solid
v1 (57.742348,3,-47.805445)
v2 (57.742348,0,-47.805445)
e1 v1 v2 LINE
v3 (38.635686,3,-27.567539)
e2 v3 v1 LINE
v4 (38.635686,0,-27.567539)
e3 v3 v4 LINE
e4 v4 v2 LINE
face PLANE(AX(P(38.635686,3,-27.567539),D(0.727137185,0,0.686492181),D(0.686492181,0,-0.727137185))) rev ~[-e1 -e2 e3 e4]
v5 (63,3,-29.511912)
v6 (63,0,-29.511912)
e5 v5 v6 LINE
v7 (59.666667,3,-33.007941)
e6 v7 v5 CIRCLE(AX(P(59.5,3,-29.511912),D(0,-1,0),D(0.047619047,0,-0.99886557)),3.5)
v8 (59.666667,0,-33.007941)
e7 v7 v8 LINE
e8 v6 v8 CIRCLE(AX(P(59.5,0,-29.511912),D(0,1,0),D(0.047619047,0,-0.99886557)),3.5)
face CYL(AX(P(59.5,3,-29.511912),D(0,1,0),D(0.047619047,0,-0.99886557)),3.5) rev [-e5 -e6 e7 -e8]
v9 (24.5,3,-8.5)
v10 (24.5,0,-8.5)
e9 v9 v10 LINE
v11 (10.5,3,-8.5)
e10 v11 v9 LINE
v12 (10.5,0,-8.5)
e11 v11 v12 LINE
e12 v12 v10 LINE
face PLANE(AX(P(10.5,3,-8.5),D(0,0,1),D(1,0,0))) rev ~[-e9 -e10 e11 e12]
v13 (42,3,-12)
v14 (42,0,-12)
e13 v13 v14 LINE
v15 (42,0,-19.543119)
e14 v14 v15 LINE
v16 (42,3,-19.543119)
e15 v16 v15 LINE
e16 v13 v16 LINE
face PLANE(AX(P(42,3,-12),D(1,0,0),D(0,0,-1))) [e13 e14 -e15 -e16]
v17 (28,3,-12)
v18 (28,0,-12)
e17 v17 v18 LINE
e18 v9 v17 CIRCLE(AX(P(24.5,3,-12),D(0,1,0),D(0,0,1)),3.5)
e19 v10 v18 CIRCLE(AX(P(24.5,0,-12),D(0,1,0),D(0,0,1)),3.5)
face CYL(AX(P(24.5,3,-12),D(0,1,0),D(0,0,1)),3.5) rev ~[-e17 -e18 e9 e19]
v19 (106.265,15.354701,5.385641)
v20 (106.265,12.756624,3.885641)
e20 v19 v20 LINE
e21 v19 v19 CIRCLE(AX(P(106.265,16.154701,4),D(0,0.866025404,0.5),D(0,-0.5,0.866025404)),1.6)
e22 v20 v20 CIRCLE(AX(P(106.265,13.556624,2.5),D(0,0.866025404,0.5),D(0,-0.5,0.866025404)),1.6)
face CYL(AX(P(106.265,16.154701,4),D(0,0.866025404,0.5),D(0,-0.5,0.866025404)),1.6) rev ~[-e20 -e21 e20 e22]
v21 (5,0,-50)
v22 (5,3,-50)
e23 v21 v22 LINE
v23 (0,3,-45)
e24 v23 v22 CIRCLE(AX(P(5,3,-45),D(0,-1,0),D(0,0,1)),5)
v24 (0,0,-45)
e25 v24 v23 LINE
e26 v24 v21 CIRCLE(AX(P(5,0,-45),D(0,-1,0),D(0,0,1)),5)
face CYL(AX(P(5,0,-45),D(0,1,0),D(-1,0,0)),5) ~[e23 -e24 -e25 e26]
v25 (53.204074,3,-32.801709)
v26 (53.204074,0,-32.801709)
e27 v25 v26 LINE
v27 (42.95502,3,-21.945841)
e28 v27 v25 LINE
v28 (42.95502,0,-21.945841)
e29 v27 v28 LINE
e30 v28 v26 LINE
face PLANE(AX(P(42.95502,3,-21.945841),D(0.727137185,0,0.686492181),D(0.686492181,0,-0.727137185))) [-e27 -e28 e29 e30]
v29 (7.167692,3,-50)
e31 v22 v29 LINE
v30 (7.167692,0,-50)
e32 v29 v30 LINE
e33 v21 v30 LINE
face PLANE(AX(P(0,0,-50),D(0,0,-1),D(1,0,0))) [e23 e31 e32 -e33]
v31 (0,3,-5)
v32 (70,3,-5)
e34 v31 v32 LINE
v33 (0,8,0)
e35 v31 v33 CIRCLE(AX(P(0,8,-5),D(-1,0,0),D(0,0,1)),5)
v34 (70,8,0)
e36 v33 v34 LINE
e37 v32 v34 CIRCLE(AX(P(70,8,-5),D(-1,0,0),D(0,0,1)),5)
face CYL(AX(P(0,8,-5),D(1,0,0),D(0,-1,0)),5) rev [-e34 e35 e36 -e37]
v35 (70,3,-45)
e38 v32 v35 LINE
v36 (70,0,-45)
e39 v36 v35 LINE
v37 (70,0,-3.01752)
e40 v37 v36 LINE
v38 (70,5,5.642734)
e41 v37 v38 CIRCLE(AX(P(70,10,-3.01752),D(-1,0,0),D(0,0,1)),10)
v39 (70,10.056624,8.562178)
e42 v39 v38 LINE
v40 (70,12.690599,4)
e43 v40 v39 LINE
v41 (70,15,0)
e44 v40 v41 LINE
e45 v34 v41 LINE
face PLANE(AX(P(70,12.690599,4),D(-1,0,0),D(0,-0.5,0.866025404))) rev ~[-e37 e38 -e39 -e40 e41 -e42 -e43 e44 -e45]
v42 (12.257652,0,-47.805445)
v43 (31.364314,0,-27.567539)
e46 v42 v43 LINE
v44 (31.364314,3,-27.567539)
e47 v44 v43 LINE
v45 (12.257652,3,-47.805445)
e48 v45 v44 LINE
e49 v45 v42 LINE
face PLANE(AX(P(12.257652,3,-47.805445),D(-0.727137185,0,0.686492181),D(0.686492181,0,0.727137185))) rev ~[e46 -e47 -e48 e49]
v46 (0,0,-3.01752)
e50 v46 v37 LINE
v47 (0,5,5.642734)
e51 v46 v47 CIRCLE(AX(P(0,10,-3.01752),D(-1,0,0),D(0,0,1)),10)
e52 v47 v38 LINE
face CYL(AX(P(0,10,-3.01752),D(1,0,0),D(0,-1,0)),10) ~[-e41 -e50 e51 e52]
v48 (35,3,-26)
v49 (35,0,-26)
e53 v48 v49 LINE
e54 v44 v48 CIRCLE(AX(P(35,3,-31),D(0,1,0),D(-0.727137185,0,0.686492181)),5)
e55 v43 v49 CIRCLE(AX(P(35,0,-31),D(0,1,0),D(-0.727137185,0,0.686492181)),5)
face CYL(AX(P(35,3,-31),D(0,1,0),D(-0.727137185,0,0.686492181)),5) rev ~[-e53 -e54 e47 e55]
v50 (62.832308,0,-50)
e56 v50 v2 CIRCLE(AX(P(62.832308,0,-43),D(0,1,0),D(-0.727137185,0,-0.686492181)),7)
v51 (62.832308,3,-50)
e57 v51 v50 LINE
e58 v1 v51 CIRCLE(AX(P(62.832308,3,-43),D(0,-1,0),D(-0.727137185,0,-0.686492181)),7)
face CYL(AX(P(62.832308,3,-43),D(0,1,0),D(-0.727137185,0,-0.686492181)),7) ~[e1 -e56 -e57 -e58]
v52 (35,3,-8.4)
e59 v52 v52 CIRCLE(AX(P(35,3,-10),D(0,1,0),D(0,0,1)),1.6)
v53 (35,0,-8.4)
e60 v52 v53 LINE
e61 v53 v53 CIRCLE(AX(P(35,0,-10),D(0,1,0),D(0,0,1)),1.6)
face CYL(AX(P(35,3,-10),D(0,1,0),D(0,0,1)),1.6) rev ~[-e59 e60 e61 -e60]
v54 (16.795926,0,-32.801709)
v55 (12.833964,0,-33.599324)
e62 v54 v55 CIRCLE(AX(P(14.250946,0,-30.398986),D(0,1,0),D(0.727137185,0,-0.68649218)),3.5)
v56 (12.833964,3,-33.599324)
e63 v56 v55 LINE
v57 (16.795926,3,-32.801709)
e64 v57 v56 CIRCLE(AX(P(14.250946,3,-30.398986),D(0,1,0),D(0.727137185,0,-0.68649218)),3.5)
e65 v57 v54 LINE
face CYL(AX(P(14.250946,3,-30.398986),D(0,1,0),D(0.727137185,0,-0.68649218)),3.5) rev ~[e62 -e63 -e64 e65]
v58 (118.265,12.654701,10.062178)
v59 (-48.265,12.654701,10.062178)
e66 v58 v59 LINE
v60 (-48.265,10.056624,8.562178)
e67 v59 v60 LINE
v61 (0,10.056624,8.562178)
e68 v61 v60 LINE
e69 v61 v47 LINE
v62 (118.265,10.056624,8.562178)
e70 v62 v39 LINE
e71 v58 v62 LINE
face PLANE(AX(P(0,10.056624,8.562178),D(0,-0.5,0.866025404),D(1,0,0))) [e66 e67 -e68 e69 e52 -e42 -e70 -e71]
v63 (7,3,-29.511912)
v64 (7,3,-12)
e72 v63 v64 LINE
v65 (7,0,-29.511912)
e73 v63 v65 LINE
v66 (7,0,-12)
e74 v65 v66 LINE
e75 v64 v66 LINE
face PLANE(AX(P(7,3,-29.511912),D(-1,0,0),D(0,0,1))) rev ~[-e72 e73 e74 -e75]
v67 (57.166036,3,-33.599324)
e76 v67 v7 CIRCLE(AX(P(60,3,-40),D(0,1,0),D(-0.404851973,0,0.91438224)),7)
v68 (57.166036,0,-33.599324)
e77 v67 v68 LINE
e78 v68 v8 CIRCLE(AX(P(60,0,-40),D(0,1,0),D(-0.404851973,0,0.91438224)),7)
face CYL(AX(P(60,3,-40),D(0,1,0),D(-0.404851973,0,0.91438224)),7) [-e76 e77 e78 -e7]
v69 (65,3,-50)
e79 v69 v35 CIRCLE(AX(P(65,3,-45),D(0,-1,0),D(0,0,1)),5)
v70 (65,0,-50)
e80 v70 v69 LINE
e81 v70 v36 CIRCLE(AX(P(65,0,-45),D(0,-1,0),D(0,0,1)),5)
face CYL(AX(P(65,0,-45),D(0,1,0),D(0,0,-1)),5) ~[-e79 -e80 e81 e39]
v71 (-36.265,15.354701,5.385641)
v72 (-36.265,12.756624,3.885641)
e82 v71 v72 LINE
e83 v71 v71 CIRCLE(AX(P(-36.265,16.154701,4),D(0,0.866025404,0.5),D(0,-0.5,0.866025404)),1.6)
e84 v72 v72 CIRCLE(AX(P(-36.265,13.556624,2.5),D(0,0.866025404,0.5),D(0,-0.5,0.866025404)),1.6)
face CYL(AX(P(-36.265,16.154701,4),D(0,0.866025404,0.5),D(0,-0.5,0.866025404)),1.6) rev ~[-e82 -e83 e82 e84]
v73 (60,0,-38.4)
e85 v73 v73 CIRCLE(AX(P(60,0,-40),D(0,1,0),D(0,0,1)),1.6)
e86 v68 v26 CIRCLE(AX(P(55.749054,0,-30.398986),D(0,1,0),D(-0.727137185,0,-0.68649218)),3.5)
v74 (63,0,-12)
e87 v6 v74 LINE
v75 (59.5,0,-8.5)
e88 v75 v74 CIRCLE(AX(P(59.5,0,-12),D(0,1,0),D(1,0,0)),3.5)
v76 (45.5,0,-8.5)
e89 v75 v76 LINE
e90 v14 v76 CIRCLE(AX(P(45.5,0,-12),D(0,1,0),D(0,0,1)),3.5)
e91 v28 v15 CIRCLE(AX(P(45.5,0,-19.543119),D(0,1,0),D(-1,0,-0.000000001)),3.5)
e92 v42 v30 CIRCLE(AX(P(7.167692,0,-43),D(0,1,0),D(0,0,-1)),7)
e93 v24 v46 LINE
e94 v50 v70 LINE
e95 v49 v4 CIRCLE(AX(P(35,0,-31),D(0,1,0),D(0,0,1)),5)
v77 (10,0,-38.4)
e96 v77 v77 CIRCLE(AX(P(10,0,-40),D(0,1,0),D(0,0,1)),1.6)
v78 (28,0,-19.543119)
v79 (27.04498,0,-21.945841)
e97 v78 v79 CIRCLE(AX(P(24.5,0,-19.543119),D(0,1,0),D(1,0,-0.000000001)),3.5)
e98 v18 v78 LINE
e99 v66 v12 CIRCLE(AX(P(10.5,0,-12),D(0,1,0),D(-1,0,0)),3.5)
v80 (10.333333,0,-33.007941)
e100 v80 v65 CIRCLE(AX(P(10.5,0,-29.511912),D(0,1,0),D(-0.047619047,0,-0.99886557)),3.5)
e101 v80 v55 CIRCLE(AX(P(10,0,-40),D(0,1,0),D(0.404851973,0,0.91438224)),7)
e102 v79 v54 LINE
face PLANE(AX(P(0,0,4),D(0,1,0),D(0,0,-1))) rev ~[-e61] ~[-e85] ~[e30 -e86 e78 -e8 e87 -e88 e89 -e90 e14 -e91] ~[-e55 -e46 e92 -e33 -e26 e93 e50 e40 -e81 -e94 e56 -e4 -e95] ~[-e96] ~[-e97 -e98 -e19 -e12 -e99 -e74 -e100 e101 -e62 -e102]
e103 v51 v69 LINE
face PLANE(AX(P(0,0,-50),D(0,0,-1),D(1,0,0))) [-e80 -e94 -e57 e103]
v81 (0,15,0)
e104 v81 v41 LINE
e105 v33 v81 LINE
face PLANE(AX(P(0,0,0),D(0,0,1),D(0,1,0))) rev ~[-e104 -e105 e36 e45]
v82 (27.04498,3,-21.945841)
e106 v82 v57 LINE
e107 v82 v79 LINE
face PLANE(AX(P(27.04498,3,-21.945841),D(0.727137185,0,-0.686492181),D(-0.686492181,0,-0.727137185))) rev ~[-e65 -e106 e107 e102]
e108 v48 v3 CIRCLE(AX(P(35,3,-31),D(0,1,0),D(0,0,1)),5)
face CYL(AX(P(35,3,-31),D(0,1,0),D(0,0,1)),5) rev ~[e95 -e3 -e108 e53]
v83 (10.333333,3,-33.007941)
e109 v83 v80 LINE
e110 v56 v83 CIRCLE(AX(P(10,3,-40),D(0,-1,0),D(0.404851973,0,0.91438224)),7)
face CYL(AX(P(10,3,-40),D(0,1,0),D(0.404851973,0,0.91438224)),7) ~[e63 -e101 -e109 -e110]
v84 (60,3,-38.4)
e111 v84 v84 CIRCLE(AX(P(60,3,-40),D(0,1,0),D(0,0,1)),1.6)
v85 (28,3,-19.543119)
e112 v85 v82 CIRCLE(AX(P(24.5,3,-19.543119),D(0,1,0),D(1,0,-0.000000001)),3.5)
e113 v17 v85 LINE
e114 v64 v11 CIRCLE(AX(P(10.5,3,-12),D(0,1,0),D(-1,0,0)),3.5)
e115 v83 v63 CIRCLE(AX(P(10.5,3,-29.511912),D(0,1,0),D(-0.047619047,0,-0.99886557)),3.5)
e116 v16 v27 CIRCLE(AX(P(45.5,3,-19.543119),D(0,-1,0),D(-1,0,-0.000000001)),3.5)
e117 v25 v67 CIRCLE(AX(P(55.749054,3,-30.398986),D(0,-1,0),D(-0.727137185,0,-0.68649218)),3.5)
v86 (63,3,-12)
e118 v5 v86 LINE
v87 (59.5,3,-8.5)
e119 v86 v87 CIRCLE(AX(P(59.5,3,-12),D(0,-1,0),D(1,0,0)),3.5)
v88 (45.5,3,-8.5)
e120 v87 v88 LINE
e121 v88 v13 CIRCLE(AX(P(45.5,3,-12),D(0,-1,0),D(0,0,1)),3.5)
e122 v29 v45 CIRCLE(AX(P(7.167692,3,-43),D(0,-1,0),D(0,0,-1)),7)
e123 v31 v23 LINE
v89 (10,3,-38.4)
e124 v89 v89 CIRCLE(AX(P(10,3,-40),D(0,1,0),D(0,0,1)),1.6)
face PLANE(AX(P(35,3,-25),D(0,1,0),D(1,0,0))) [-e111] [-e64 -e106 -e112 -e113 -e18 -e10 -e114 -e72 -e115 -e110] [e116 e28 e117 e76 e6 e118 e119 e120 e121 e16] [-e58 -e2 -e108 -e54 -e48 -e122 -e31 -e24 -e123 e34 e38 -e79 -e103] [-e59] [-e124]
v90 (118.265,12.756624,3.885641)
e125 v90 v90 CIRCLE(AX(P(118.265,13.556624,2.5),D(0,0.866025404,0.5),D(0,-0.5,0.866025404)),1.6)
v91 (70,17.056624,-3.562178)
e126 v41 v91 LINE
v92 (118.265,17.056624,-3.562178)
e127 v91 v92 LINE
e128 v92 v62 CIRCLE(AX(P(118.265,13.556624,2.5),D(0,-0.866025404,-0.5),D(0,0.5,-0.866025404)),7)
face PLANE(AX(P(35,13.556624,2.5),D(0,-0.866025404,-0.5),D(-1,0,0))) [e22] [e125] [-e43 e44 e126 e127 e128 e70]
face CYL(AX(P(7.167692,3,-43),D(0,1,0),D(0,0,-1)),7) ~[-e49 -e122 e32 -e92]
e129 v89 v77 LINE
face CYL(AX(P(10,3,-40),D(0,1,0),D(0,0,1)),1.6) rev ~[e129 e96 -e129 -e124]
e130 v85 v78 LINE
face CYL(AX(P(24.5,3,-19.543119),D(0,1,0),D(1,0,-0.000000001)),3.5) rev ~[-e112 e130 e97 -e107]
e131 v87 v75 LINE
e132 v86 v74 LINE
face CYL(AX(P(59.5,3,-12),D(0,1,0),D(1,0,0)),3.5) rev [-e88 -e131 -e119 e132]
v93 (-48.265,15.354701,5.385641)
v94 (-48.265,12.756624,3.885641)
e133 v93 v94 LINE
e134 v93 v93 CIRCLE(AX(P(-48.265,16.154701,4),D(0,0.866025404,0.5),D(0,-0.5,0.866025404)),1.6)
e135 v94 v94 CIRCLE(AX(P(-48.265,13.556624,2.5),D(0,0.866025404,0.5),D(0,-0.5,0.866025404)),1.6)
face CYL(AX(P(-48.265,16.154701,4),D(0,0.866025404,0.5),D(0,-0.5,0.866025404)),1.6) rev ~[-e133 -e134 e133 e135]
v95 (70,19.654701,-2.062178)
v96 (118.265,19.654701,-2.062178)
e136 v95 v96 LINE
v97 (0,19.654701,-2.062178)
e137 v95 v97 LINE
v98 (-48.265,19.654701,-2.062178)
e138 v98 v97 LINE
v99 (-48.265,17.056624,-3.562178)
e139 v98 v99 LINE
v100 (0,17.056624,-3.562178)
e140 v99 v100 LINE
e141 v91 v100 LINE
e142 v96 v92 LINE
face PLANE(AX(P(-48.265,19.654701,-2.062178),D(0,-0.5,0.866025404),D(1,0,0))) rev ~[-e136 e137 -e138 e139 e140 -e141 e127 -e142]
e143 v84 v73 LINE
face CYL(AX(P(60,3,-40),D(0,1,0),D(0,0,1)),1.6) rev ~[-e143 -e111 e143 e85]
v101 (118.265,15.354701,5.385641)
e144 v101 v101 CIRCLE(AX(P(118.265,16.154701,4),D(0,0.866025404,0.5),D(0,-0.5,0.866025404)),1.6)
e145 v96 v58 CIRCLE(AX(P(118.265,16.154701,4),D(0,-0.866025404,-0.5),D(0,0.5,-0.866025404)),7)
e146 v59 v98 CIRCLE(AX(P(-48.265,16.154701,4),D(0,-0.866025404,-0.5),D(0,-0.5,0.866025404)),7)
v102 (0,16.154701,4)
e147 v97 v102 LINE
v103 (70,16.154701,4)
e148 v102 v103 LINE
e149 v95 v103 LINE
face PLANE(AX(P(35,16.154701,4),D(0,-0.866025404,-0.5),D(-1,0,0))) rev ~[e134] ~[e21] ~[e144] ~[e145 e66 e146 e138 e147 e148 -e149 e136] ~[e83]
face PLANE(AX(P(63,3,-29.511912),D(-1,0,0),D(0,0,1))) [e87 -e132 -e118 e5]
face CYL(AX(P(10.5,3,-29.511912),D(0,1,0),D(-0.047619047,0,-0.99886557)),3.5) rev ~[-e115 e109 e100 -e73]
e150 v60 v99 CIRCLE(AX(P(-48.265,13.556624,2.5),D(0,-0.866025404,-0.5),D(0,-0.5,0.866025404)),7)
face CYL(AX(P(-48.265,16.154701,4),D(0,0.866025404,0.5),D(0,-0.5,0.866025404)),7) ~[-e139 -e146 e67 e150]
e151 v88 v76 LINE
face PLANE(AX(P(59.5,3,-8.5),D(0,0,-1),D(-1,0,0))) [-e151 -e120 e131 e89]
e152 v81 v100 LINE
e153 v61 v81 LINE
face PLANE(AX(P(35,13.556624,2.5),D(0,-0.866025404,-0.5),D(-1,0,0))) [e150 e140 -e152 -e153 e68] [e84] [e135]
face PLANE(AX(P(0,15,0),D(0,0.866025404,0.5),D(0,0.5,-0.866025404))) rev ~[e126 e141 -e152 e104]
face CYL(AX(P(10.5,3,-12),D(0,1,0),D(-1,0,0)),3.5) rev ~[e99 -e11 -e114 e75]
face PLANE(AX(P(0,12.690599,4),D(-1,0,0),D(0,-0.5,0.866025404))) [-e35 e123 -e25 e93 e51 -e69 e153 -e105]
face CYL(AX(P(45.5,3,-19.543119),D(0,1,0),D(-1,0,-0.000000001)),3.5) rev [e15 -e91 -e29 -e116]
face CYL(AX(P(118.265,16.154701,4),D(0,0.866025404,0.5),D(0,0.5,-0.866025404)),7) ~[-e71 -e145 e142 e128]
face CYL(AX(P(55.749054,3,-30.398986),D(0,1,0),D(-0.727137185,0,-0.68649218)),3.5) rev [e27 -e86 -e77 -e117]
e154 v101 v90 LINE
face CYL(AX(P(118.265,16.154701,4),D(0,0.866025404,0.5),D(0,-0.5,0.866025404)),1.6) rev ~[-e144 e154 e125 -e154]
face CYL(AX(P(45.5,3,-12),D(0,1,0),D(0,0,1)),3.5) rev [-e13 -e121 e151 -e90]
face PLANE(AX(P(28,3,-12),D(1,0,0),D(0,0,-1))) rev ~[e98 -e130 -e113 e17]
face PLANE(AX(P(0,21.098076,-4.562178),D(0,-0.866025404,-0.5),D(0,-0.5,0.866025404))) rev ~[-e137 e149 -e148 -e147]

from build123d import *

# Parameters (mm, degrees)
SKETCH_1_W          = 70
SKETCH_1_H          = 50
EXTRUDE_1_DEPTH     = 3
EXTRUDE_2_DEPTH     = 70
SKETCH_3_R          = 1.6
EXTRUDE_3_DEPTH     = 3
EXTRUDE_4_REACH     = 139.875
SKETCH_4_W          = 70
SKETCH_4_H          = 5.267949192
FILLET_1_R          = 5
SKETCH_5_W          = 70
SKETCH_5_H          = 28.866025404
CUT_EXTRUDE_1_DEPTH = 138.47436204
SKETCH_6_W          = 70
SKETCH_6_H          = 3
CUT_EXTRUDE_2_DEPTH = 133.365261865
FILLET_2_R          = 5
SKETCH_7_R          = 1.6
CUT_EXTRUDE_3_DEPTH = 10
CUT_EXTRUDE_4_DEPTH = 10
CUT_EXTRUDE_5_DEPTH = 136.899592623
FILLET_4_R          = 10


with BuildPart() as part:
    # 草图1 → 凸台-拉伸1 (new body)
    with BuildSketch(Plane(origin=(0, 0, 0), x_dir=(1, 0, 0), z_dir=(0, 1, 0))):
        with Locations((35, 25)):
            Rectangle(SKETCH_1_W, SKETCH_1_H)
    extrude(amount=EXTRUDE_1_DEPTH)

    # 草图2 → 凸台-拉伸2 (add)
    with BuildSketch(Plane.ZY):
        Polygon((0, 15), (-6.062177826, 18.5), (-4.562177826, 21.098076211), (4, 16.154700538), (4, 15), (4, 0), (0, 0), align=None)
    extrude(amount=-EXTRUDE_2_DEPTH)

    # 草图3 → 凸台-拉伸3 (add)
    with BuildSketch(Plane(origin=(0, 13.848076211, 7.995190528), x_dir=(1, 0, 0), z_dir=(0, 0.86602540378444, 0.49999999999999784))):
        with BuildLine():
            Line((-48.265, 11.613248654), (-36.265, 11.613248654))
            Line((-36.265, 11.613248654), (106.265, 11.613248654))
            Line((106.265, 11.613248654), (118.265, 11.613248654))
            ThreePointArc((118.265, 11.613248654), (125.265, 4.613248654), (118.265, -2.386751346))
            Line((118.265, -2.386751346), (106.265, -2.386751346))
            Line((106.265, -2.386751346), (-36.265, -2.386751346))
            Line((-36.265, -2.386751346), (-48.265, -2.386751346))
            ThreePointArc((-48.265, -2.386751346), (-55.265, 4.613248654), (-48.265, 11.613248654))
        make_face()
        with Locations(Location((-36.265, 4.613248654, 0), (0, 0, 270))):
            Circle(SKETCH_3_R, mode=Mode.SUBTRACT)
        with Locations(Location((106.265, 4.613248654, 0), (0, 0, 270))):
            Circle(SKETCH_3_R, mode=Mode.SUBTRACT)
        with Locations(Location((-48.265, 4.613248654, 0), (0, 0, 270))):
            Circle(SKETCH_3_R, mode=Mode.SUBTRACT)
        with Locations(Location((118.265, 4.613248654, 0), (0, 0, 270))):
            Circle(SKETCH_3_R, mode=Mode.SUBTRACT)
    extrude(amount=-EXTRUDE_3_DEPTH)

    # 凸台-拉伸4: up to this face of the body (flat: up to its plane)
    extrude_4_end = Plane(part.part.faces().sort_by_distance((35, 6.345299462, 4))[0])
    # 草图4 → 凸台-拉伸4 (add, up to the picked face)
    with BuildSketch(Plane(origin=(0, 11.25, 6.495190528), x_dir=(1, 0, 0), z_dir=(0, -0.8660254037844396, -0.4999999999999982)), mode=Mode.PRIVATE) as extrude_4_sk1:
        with Locations((35, -0.24722325)):
            Rectangle(SKETCH_4_W, SKETCH_4_H)
    extrude_4_tool1 = split(extrude(extrude_4_sk1.sketch, amount=EXTRUDE_4_REACH, mode=Mode.PRIVATE), bisect_by=extrude_4_end, keep=Keep.BOTH, mode=Mode.PRIVATE)
    add(extrude_4_tool1.solids().sort_by(Axis((35, 11.373612, 6.281089), (0, -0.8660254037844396, -0.4999999999999982)))[0])

    # 圆角1
    fillet_1_edges = [part.edges().sort_by_distance(p)[0] for p in [
        (35, 3, 0),
    ]]
    fillet(fillet_1_edges, radius=FILLET_1_R)

    # 草图5 → 切除-拉伸1 (cut, through all)
    with BuildSketch(Plane(origin=(0, -1.193375673, 2.066987298), x_dir=(1, 0, 0), z_dir=(-1.4881366732147052e-15, -0.49999999999999784, 0.8660254037844398))):
        with Locations((35, -10.566987298)):
            Rectangle(SKETCH_5_W, SKETCH_5_H)
    extrude(amount=CUT_EXTRUDE_1_DEPTH, mode=Mode.SUBTRACT)

    # 草图6 → 切除-拉伸2 (cut, through all)
    with BuildSketch(Plane(origin=(0, 5.806624327, -10.057368355), x_dir=(-1, 0, 0), z_dir=(0, 0.49999999999999784, -0.8660254037844398))):
        with Locations((-35, 14.490381057)):
            Rectangle(SKETCH_6_W, SKETCH_6_H)
    extrude(amount=CUT_EXTRUDE_2_DEPTH, mode=Mode.SUBTRACT)

    # 圆角2
    fillet_2_edges = [part.edges().sort_by_distance(p)[0] for p in [
        (0, 1.5, -50),
        (70, 1.5, -50),
    ]]
    fillet(fillet_2_edges, radius=FILLET_2_R)

    # 草图7 → 切除-拉伸3 (cut)
    with BuildSketch(Plane(origin=(0, 3, 0), x_dir=(1, 0, 0), z_dir=(0, 1, 0))):
        with Locations(Location((10, 40, 0), (0, 0, 270))):
            Circle(SKETCH_7_R)
        with Locations(Location((60, 40, 0), (0, 0, 270))):
            Circle(SKETCH_7_R)
        with Locations(Location((35, 10, 0), (0, 0, 270))):
            Circle(SKETCH_7_R)
    extrude(amount=-CUT_EXTRUDE_3_DEPTH, mode=Mode.SUBTRACT)

    # 草图8 → 切除-拉伸4 (cut)
    with BuildSketch(Plane(origin=(0, 3, 0), x_dir=(1, 0, 0), z_dir=(0, 1, 0))):
        with BuildLine():
            ThreePointArc((31.364314075, 27.567539097), (33.020392023, 26.408578406), (35, 26))
            Line((35, 26), (35, 50))
            Line((35, 50), (7.167691896, 50))
            ThreePointArc((7.167691896, 50), (9.939143063, 49.427990232), (12.257652191, 47.805445265))
            Line((12.257652191, 47.805445265), (31.364314075, 27.567539097))
        make_face()
        with BuildLine():
            Line((35, 50), (35, 26))
            ThreePointArc((35, 26), (36.979607977, 26.408578406), (38.635685925, 27.567539097))
            Line((38.635685925, 27.567539097), (57.742347809, 47.805445265))
            ThreePointArc((57.742347809, 47.805445265), (60.060856937, 49.427990232), (62.832308104, 50))
            Line((62.832308104, 50), (35, 50))
        make_face()
    extrude(amount=-CUT_EXTRUDE_4_DEPTH, mode=Mode.SUBTRACT)

    # 草图9 → 切除-拉伸5 (cut, through all)
    with BuildSketch(Plane(origin=(0, 3, 0), x_dir=(1, 0, 0), z_dir=(0, 1, 0))):
        with BuildLine():
            Line((7, 29.511911518), (7, 12))
            ThreePointArc((7, 12), (8.025126266, 9.525126266), (10.5, 8.5))
            Line((10.5, 8.5), (24.5, 8.5))
            ThreePointArc((24.5, 8.5), (26.974873734, 9.525126266), (28, 12))
            Line((28, 12), (28, 19.543118511))
            ThreePointArc((28, 19.543118511), (27.752493698, 20.835900295), (27.044980148, 21.945841143))
            Line((27.044980148, 21.945841143), (16.795925867, 32.801709118))
            ThreePointArc((16.795925867, 32.801709118), (14.941700749, 33.830146274), (12.833963813, 33.599324324))
            ThreePointArc((12.833963813, 33.599324324), (11.611017181, 33.187906075), (10.333333333, 33.007941012))
            ThreePointArc((10.333333333, 33.007941012), (7.966885974, 31.927140976), (7, 29.511911518))
        make_face()
        with BuildLine():
            Line((42.955019852, 21.945841143), (53.204074133, 32.801709118))
            ThreePointArc((53.204074133, 32.801709118), (55.058299251, 33.830146274), (57.166036187, 33.599324324))
            ThreePointArc((57.166036187, 33.599324324), (58.388982819, 33.187906075), (59.666666667, 33.007941012))
            ThreePointArc((59.666666667, 33.007941012), (62.033114026, 31.927140976), (63, 29.511911518))
            Line((63, 29.511911518), (63, 12))
            ThreePointArc((63, 12), (61.974873734, 9.525126266), (59.5, 8.5))
            Line((59.5, 8.5), (45.5, 8.5))
            ThreePointArc((45.5, 8.5), (43.025126266, 9.525126266), (42, 12))
            Line((42, 12), (42, 19.543118511))
            ThreePointArc((42, 19.543118511), (42.247506302, 20.835900295), (42.955019852, 21.945841143))
        make_face()
    extrude(amount=-CUT_EXTRUDE_5_DEPTH, mode=Mode.SUBTRACT)

    # 圆角4
    fillet_4_edges = [part.edges().sort_by_distance(p)[0] for p in [
        (35, 0, 2.755983064),
    ]]
    fillet(fillet_4_edges, radius=FILLET_4_R)


solid = part.part
